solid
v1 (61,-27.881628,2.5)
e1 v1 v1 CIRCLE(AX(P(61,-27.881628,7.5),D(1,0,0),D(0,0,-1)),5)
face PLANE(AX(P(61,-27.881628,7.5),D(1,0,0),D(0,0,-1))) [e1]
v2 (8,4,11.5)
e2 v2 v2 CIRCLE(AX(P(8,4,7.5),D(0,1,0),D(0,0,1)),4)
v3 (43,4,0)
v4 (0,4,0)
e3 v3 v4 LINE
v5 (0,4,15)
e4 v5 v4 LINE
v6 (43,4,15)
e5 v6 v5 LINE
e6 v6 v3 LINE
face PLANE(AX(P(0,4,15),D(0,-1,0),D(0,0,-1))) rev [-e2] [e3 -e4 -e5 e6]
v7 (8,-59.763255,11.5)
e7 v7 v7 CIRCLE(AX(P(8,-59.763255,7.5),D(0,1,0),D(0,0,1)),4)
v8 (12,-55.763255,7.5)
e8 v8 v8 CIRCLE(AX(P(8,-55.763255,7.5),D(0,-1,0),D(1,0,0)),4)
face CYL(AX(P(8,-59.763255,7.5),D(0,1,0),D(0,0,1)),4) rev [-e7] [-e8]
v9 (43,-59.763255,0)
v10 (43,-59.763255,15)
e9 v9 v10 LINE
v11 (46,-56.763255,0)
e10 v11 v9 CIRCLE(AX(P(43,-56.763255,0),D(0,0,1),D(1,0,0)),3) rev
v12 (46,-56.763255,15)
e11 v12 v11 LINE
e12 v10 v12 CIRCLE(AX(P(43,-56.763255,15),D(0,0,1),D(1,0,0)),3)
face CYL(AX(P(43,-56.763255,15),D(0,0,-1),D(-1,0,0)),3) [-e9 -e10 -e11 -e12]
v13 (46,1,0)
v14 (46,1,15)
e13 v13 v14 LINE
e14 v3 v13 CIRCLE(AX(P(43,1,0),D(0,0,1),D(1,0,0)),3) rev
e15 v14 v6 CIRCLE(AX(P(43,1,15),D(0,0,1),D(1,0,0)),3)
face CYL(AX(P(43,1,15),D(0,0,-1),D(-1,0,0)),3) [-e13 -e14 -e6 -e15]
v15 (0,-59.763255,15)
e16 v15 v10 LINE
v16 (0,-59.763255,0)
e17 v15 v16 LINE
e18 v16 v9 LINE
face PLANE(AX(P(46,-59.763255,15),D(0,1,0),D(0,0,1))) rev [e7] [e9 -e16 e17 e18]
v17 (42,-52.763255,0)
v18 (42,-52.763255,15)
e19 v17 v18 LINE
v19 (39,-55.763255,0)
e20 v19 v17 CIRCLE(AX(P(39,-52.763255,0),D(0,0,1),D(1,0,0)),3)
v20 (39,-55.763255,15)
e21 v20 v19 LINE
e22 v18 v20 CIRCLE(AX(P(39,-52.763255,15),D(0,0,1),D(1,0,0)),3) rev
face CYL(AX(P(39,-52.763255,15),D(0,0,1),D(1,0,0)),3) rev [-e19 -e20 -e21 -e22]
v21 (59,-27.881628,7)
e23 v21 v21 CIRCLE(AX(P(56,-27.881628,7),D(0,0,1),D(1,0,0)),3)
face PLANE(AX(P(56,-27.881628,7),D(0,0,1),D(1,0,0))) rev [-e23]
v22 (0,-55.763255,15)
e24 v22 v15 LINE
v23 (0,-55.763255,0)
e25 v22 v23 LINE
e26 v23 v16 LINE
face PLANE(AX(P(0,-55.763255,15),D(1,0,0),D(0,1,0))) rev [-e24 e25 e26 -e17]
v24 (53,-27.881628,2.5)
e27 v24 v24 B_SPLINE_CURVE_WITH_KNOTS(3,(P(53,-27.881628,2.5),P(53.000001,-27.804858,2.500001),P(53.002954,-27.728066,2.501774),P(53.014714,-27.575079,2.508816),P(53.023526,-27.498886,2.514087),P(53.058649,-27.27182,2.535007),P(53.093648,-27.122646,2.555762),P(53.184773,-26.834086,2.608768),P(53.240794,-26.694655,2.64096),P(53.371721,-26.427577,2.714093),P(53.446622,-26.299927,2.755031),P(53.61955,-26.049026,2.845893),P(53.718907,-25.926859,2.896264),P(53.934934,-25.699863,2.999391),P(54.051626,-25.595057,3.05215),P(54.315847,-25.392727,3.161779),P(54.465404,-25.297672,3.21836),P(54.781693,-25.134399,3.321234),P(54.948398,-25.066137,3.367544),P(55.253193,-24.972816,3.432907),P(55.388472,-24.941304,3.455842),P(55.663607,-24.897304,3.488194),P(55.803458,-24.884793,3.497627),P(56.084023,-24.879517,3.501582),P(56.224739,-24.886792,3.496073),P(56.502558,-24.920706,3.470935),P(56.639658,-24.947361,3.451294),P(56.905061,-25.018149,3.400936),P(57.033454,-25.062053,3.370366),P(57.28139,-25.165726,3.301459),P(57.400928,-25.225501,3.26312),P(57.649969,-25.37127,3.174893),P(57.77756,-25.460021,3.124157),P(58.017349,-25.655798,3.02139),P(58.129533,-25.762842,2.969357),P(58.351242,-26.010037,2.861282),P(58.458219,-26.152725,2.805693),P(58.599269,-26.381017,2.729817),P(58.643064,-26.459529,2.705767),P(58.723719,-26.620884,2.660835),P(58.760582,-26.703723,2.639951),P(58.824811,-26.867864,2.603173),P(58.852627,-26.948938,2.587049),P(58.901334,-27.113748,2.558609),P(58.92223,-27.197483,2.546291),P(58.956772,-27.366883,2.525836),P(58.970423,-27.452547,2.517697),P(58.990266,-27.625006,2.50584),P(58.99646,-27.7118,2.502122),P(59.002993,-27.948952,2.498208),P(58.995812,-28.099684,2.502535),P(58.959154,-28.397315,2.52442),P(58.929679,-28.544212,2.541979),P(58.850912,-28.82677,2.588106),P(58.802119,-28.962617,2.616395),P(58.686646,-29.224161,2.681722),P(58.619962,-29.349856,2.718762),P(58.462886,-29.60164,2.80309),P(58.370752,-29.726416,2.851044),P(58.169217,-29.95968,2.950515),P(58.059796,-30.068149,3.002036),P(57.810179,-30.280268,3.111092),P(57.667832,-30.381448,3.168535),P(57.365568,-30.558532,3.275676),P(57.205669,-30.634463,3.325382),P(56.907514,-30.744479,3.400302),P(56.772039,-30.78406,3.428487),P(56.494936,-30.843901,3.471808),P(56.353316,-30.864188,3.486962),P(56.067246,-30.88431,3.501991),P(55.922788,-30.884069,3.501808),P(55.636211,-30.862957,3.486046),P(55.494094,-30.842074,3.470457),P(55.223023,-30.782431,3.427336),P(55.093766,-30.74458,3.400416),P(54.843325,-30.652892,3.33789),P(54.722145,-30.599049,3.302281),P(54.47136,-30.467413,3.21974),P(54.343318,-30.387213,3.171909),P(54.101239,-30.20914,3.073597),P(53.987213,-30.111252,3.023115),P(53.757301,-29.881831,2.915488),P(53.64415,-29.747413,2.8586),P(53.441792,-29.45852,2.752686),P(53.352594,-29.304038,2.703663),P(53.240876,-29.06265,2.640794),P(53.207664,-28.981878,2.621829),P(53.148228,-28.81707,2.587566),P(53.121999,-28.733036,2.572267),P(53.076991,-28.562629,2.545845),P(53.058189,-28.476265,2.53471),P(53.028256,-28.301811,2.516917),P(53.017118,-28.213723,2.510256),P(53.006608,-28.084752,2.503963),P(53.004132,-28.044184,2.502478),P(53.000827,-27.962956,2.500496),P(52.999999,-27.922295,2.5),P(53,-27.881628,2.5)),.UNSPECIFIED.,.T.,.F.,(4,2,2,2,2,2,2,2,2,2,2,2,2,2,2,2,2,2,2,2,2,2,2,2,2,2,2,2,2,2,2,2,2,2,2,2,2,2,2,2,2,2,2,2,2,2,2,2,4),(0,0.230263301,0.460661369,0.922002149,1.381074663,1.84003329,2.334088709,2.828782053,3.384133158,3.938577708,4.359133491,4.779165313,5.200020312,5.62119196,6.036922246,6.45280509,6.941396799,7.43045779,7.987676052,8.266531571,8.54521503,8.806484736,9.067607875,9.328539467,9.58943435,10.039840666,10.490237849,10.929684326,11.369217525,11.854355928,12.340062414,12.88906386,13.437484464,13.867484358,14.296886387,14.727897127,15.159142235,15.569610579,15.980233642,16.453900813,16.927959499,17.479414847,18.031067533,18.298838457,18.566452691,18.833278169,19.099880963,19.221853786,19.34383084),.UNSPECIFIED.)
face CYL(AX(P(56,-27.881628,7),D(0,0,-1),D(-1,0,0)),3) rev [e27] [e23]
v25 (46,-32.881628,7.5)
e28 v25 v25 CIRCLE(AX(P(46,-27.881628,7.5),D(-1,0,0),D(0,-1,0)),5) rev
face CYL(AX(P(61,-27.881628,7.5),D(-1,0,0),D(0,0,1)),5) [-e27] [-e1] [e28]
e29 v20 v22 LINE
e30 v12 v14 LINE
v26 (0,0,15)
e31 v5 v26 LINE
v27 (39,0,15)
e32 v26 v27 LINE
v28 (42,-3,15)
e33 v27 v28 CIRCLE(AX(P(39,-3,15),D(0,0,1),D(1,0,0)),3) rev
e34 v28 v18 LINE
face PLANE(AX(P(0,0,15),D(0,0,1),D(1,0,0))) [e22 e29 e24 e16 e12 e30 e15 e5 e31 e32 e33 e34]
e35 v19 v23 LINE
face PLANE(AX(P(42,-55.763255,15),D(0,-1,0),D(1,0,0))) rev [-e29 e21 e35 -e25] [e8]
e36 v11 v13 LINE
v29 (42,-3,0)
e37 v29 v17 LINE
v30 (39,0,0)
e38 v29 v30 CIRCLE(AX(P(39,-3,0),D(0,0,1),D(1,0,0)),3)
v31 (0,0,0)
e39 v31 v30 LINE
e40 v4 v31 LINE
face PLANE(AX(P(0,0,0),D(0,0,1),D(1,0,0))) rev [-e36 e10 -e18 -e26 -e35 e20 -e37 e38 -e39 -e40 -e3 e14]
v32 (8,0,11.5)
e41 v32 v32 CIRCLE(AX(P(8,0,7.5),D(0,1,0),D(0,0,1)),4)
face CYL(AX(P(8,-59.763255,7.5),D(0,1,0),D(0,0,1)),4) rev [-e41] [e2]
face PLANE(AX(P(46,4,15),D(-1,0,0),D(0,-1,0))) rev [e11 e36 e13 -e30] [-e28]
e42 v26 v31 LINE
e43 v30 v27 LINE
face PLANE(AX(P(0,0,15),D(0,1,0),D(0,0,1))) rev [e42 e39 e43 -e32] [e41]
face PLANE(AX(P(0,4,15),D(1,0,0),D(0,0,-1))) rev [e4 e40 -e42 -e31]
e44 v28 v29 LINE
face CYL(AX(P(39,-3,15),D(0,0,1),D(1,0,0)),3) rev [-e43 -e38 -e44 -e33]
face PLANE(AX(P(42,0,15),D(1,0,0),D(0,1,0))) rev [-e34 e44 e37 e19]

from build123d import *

# Parameters (mm, degrees)
BOSS_EXTRUDE1_DEPTH = 15
SKETCH2_R           = 4
CUT_EXTRUDE1_DEPTH  = 64.763255305
FILLET1_R           = 3
SKETCH4_R           = 5
BOSS_EXTRUDE2_DEPTH = 15
SKETCH5_R           = 3
CUT_EXTRUDE2_DEPTH  = 7


with BuildPart() as part:
    # Sketch1 → Boss-Extrude1 (new body)
    with BuildSketch(Plane.XY):
        Polygon((0, 0), (42, 0), (42, -55.763255305), (0, -55.763255305), (0, -59.763255305), (46, -59.763255305), (46, 4), (0, 4), align=None)
    extrude(amount=BOSS_EXTRUDE1_DEPTH)

    # Sketch2 → Cut-Extrude1 (cut, through all)
    with BuildSketch(Plane(origin=(0, 4, 0), x_dir=(1, 0, 0), z_dir=(0, 1, 0))):
        with Locations((8, -7.5)):
            Circle(SKETCH2_R)
    extrude(amount=-CUT_EXTRUDE1_DEPTH, mode=Mode.SUBTRACT)

    # Fillet1
    fillet1_edges = [part.edges().sort_by_distance(p)[0] for p in [
        (46, 4, 7.5),
        (46, -59.763255305, 7.5),
        (42, -55.763255305, 7.5),
        (42, 0, 7.5),
    ]]
    fillet(fillet1_edges, radius=FILLET1_R)

    # Sketch4 → Boss-Extrude2 (add)
    with BuildSketch(Plane(origin=(46, 0, 0), x_dir=(0, 0, -1), z_dir=(1, 0, 0))):
        with Locations((-7.5, -27.881627652)):
            Circle(SKETCH4_R)
    extrude(amount=BOSS_EXTRUDE2_DEPTH)

    # Sketch5 → Cut-Extrude2 (cut)
    with BuildSketch(Plane.XY):
        with Locations((56, -27.881627652)):
            Circle(SKETCH5_R)
    extrude(amount=CUT_EXTRUDE2_DEPTH, mode=Mode.SUBTRACT)


solid = part.part
